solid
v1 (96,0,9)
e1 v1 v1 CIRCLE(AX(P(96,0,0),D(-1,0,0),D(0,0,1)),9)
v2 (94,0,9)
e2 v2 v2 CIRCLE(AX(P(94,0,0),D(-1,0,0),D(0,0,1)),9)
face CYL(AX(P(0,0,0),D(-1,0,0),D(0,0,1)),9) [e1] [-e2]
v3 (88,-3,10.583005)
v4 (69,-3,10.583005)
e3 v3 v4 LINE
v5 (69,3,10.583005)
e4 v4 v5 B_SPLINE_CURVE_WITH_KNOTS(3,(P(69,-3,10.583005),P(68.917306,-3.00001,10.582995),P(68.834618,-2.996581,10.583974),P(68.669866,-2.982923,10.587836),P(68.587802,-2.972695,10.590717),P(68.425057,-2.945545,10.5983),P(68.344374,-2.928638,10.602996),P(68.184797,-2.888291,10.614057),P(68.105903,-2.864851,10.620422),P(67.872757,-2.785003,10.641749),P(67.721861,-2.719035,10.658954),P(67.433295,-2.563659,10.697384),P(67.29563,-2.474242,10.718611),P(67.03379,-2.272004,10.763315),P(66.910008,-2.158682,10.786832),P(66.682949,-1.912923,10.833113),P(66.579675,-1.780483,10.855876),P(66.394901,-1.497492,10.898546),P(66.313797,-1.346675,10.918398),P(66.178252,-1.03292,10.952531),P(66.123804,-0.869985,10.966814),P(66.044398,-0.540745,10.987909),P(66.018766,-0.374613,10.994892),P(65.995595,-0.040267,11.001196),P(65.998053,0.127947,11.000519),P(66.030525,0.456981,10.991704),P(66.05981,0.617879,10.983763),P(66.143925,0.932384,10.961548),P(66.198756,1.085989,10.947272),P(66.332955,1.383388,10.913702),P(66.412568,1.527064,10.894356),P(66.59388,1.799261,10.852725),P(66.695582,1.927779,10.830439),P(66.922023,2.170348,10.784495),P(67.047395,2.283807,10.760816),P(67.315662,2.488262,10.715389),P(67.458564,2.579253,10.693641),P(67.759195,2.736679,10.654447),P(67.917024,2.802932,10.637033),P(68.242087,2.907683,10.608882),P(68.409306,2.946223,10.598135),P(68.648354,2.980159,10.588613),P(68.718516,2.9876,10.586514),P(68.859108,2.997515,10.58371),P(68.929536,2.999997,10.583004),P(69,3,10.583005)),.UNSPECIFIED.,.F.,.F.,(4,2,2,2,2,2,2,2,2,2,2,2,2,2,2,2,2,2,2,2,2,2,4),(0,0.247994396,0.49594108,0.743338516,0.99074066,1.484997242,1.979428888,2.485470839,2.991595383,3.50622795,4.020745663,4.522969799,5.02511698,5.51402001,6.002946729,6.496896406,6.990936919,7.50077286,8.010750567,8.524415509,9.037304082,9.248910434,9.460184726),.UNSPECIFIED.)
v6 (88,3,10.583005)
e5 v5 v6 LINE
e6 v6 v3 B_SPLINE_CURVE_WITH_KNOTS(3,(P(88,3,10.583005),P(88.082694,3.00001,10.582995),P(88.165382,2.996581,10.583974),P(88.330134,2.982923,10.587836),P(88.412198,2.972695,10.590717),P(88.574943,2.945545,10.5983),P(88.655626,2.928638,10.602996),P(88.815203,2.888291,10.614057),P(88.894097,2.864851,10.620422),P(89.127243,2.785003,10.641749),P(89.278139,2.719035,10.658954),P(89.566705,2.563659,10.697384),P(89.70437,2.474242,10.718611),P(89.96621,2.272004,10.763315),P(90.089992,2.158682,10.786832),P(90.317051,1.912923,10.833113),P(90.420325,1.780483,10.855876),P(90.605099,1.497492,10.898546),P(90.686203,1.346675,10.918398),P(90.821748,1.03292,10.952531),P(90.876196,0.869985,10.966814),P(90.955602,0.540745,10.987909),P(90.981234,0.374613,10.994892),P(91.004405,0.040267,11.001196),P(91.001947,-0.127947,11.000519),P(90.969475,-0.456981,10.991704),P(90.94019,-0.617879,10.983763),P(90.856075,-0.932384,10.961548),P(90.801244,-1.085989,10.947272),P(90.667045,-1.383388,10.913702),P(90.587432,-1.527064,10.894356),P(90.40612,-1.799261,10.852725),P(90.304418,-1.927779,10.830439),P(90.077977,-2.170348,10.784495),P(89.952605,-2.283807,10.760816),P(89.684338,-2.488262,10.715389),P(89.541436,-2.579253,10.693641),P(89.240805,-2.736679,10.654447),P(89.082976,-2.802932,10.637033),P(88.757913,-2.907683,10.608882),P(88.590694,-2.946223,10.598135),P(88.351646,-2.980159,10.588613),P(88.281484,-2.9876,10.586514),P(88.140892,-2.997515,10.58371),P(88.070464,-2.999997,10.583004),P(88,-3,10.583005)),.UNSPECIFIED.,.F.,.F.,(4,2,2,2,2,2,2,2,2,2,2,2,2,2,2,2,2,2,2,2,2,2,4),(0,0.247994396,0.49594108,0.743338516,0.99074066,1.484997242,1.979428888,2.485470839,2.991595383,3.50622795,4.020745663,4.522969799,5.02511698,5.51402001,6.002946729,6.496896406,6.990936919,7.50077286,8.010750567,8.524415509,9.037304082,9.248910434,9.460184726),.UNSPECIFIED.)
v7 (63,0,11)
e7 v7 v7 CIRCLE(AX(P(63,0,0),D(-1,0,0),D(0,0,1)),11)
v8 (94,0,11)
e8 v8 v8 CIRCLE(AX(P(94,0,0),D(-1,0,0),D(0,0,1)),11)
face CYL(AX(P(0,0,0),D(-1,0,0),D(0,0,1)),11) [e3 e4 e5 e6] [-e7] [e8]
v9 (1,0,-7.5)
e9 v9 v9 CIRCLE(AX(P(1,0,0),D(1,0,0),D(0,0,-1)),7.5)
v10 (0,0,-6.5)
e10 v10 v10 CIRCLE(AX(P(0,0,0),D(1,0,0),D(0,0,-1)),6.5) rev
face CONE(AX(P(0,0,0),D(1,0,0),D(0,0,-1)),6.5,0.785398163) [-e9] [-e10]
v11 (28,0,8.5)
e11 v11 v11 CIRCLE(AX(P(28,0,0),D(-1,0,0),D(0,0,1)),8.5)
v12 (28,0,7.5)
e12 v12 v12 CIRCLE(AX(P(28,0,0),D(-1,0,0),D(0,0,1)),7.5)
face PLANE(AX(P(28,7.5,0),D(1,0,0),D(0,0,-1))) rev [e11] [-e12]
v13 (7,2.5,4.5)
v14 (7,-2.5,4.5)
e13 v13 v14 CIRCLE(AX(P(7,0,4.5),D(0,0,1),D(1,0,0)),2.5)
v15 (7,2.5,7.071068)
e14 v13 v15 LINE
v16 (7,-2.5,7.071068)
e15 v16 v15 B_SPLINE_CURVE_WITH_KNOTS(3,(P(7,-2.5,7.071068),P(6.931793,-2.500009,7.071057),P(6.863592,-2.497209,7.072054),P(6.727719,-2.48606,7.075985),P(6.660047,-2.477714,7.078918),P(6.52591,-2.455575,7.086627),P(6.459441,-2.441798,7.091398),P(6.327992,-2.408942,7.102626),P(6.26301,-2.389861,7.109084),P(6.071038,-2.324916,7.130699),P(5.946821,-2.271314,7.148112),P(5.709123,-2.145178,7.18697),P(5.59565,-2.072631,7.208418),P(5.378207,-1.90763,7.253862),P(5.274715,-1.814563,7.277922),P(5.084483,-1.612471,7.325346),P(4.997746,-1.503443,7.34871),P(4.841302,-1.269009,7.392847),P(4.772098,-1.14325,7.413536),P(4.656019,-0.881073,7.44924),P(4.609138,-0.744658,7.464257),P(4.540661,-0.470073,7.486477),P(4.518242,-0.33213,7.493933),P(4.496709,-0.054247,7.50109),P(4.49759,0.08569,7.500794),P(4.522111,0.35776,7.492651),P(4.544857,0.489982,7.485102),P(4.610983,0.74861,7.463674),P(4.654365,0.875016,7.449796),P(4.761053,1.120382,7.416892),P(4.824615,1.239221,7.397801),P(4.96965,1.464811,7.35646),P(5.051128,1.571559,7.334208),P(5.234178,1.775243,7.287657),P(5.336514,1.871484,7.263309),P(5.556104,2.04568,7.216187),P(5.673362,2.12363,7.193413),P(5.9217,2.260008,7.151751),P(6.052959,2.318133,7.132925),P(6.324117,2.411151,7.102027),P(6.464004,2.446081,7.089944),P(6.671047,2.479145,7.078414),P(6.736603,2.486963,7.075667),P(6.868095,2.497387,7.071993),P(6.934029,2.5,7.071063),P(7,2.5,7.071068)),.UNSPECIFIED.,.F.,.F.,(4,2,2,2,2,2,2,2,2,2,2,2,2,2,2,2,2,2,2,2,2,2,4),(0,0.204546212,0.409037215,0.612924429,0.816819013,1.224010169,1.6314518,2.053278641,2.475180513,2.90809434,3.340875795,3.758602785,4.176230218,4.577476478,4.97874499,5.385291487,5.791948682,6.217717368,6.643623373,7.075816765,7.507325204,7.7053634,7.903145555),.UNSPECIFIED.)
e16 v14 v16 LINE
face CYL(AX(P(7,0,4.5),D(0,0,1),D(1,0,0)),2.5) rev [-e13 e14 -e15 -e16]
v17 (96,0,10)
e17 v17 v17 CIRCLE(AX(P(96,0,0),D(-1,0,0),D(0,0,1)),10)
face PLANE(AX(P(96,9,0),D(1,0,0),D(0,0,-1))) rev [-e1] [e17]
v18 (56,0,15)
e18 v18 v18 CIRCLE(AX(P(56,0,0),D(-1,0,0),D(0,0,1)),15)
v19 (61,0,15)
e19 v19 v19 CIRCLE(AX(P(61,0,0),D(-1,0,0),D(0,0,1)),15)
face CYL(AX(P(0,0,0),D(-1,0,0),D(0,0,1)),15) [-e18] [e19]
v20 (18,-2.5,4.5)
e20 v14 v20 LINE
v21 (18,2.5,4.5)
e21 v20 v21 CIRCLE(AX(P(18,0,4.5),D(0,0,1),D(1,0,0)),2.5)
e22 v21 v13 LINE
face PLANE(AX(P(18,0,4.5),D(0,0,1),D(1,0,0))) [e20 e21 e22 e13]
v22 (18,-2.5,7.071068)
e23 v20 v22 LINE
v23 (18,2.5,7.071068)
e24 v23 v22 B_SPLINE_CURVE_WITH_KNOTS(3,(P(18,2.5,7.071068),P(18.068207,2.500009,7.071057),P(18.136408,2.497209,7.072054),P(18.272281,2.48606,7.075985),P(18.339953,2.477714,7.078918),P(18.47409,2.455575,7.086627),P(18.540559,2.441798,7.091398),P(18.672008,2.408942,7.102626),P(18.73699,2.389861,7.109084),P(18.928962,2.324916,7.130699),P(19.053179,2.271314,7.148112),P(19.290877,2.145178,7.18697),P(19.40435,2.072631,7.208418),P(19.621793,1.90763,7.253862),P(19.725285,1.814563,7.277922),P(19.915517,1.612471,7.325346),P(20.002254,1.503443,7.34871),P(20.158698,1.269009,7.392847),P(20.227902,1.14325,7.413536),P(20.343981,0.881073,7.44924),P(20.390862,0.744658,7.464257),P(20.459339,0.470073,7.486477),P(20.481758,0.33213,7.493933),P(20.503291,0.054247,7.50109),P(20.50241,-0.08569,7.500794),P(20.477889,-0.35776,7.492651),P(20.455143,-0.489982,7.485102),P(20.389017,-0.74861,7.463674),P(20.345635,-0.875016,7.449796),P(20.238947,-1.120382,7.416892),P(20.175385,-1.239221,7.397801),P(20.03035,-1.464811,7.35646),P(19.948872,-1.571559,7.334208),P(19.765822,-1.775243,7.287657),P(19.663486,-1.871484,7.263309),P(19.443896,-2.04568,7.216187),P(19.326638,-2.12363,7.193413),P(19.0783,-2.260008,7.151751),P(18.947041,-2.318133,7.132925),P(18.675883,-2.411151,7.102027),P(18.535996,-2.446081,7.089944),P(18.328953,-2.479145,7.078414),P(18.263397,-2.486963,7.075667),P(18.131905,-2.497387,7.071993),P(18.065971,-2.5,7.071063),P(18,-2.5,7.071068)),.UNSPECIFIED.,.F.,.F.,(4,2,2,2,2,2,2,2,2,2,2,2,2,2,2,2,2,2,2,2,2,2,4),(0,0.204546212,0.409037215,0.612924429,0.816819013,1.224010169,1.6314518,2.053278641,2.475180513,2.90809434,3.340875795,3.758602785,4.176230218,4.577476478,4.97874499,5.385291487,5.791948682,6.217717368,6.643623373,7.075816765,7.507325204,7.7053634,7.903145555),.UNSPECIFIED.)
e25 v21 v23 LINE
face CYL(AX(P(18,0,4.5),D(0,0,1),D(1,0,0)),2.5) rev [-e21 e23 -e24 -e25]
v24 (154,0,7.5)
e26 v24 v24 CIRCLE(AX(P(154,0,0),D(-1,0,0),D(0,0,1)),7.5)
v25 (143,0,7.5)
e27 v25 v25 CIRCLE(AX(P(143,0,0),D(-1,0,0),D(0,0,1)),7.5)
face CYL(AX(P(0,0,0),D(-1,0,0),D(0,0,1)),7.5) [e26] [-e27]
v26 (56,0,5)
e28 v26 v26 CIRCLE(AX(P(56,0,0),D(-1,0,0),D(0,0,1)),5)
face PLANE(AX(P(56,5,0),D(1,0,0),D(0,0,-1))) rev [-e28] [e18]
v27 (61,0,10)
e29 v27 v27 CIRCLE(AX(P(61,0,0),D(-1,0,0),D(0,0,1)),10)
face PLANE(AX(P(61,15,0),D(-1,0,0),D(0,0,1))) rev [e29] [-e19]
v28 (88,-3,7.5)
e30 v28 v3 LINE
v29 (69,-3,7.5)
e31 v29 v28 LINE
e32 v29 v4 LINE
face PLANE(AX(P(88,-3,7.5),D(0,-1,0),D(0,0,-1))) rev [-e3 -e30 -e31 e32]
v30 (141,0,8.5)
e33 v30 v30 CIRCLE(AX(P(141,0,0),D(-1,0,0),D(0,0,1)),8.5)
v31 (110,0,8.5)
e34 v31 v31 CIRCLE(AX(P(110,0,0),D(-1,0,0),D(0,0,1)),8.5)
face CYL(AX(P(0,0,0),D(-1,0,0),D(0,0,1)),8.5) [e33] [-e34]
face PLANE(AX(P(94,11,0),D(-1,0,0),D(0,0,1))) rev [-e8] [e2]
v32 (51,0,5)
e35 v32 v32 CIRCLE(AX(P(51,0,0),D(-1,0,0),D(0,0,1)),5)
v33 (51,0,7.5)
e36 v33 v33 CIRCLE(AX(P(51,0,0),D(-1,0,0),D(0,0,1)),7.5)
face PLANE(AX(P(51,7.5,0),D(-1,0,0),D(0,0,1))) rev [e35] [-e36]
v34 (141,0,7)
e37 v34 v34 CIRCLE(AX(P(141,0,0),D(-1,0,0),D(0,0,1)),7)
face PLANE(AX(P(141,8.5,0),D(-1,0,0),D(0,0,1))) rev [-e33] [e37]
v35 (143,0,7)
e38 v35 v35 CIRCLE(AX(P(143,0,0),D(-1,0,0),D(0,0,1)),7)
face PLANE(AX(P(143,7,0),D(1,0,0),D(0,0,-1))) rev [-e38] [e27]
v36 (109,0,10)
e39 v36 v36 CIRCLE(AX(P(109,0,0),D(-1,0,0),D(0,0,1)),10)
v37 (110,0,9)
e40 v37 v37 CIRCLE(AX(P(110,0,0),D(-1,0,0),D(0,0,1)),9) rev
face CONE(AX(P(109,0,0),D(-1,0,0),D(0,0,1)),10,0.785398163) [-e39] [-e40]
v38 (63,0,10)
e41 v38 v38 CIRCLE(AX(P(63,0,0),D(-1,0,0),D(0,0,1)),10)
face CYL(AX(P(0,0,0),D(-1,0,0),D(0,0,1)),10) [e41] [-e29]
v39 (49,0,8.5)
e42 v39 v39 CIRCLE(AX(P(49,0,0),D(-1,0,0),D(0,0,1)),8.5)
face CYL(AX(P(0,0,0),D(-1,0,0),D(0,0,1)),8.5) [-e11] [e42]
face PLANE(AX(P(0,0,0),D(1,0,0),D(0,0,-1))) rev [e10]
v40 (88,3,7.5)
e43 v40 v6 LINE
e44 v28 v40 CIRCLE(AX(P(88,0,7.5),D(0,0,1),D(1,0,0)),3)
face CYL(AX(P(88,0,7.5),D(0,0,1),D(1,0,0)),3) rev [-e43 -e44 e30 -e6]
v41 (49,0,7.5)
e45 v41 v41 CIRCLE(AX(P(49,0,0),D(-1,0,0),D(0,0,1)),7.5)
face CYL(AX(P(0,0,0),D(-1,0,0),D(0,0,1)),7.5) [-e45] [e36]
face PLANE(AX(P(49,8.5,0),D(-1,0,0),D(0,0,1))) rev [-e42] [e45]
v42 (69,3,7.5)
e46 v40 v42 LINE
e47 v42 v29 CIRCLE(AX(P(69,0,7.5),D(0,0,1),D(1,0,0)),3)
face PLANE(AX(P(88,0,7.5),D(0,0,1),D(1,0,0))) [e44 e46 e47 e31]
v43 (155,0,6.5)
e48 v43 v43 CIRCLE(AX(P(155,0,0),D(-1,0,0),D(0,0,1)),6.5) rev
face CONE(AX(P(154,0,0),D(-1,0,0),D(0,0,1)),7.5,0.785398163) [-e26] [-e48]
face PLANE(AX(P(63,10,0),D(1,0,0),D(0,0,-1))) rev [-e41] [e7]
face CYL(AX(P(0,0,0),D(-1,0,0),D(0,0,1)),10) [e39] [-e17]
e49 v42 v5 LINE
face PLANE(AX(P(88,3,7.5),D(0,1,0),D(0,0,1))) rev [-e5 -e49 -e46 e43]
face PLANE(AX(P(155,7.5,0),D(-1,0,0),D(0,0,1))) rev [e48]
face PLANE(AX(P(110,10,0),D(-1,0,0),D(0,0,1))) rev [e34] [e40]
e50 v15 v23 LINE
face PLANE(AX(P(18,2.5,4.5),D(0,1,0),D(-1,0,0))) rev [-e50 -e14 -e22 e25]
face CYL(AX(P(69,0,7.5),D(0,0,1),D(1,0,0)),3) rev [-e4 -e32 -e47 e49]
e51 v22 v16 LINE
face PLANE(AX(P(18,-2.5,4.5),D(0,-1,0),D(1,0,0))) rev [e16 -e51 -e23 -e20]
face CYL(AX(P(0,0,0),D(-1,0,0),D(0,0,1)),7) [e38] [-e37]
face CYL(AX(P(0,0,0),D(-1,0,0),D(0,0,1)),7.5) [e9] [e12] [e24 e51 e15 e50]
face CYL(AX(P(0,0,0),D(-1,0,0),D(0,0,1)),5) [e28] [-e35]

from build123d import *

# Parameters (mm, degrees)
CUT_EXTRUDE_1_DEPTH = 3
CUT_EXTRUDE_2_DEPTH = 3.5
CHAMFER_1_SIZE      = 1


with BuildPart() as part:
    # 草图1 → 旋转1 (revolve)
    with BuildSketch(Plane.XY, mode=Mode.PRIVATE) as revolve_1_sk:
        Polygon((0, 0), (0, 7.5), (28, 7.5), (28, 8.5), (49, 8.5), (49, 7.5), (51, 7.5), (51, 5), (56, 5), (56, 15), (61, 15), (61, 10), (63, 10), (63, 11), (94, 11), (94, 9), (96, 9), (96, 10), (110, 10), (110, 8.5), (141, 8.5), (141, 7), (143, 7), (143, 7.5), (155, 7.5), (155, 0), align=None)
    revolve(revolve_1_sk.sketch.rotate(Axis((0, 0, 0), (1, 0, 0)), 90), axis=Axis((0, 0, 0), (1, 0, 0)))

    # 草图2 → 切除-拉伸1 (cut)
    with BuildSketch(Plane.XY.offset(7.5)):
        with BuildLine():
            Line((18, -2.5), (7, -2.5))
            ThreePointArc((7, -2.5), (4.5, 0), (7, 2.5))
            Line((7, 2.5), (18, 2.5))
            ThreePointArc((18, 2.5), (20.5, 0), (18, -2.5))
        make_face()
    extrude(amount=-CUT_EXTRUDE_1_DEPTH, mode=Mode.SUBTRACT)

    # 草图3 → 切除-拉伸2 (cut)
    with BuildSketch(Plane(origin=(0, 0, 11), x_dir=(-1, 0, 0), z_dir=(0, 0, 1))):
        with BuildLine():
            Line((-88, 3), (-69, 3))
            ThreePointArc((-69, 3), (-66, 0), (-69, -3))
            Line((-69, -3), (-88, -3))
            ThreePointArc((-88, -3), (-91, 0), (-88, 3))
        make_face()
    extrude(amount=-CUT_EXTRUDE_2_DEPTH, mode=Mode.SUBTRACT)

    # 倒角1
    chamfer_1_edges = [part.edges().sort_by_distance(p)[0] for p in [
        (155, 0, -7.5),
        (110, 0, -10),
        (0, 0, -7.5),
    ]]
    chamfer(chamfer_1_edges, length=CHAMFER_1_SIZE)


solid = part.part
